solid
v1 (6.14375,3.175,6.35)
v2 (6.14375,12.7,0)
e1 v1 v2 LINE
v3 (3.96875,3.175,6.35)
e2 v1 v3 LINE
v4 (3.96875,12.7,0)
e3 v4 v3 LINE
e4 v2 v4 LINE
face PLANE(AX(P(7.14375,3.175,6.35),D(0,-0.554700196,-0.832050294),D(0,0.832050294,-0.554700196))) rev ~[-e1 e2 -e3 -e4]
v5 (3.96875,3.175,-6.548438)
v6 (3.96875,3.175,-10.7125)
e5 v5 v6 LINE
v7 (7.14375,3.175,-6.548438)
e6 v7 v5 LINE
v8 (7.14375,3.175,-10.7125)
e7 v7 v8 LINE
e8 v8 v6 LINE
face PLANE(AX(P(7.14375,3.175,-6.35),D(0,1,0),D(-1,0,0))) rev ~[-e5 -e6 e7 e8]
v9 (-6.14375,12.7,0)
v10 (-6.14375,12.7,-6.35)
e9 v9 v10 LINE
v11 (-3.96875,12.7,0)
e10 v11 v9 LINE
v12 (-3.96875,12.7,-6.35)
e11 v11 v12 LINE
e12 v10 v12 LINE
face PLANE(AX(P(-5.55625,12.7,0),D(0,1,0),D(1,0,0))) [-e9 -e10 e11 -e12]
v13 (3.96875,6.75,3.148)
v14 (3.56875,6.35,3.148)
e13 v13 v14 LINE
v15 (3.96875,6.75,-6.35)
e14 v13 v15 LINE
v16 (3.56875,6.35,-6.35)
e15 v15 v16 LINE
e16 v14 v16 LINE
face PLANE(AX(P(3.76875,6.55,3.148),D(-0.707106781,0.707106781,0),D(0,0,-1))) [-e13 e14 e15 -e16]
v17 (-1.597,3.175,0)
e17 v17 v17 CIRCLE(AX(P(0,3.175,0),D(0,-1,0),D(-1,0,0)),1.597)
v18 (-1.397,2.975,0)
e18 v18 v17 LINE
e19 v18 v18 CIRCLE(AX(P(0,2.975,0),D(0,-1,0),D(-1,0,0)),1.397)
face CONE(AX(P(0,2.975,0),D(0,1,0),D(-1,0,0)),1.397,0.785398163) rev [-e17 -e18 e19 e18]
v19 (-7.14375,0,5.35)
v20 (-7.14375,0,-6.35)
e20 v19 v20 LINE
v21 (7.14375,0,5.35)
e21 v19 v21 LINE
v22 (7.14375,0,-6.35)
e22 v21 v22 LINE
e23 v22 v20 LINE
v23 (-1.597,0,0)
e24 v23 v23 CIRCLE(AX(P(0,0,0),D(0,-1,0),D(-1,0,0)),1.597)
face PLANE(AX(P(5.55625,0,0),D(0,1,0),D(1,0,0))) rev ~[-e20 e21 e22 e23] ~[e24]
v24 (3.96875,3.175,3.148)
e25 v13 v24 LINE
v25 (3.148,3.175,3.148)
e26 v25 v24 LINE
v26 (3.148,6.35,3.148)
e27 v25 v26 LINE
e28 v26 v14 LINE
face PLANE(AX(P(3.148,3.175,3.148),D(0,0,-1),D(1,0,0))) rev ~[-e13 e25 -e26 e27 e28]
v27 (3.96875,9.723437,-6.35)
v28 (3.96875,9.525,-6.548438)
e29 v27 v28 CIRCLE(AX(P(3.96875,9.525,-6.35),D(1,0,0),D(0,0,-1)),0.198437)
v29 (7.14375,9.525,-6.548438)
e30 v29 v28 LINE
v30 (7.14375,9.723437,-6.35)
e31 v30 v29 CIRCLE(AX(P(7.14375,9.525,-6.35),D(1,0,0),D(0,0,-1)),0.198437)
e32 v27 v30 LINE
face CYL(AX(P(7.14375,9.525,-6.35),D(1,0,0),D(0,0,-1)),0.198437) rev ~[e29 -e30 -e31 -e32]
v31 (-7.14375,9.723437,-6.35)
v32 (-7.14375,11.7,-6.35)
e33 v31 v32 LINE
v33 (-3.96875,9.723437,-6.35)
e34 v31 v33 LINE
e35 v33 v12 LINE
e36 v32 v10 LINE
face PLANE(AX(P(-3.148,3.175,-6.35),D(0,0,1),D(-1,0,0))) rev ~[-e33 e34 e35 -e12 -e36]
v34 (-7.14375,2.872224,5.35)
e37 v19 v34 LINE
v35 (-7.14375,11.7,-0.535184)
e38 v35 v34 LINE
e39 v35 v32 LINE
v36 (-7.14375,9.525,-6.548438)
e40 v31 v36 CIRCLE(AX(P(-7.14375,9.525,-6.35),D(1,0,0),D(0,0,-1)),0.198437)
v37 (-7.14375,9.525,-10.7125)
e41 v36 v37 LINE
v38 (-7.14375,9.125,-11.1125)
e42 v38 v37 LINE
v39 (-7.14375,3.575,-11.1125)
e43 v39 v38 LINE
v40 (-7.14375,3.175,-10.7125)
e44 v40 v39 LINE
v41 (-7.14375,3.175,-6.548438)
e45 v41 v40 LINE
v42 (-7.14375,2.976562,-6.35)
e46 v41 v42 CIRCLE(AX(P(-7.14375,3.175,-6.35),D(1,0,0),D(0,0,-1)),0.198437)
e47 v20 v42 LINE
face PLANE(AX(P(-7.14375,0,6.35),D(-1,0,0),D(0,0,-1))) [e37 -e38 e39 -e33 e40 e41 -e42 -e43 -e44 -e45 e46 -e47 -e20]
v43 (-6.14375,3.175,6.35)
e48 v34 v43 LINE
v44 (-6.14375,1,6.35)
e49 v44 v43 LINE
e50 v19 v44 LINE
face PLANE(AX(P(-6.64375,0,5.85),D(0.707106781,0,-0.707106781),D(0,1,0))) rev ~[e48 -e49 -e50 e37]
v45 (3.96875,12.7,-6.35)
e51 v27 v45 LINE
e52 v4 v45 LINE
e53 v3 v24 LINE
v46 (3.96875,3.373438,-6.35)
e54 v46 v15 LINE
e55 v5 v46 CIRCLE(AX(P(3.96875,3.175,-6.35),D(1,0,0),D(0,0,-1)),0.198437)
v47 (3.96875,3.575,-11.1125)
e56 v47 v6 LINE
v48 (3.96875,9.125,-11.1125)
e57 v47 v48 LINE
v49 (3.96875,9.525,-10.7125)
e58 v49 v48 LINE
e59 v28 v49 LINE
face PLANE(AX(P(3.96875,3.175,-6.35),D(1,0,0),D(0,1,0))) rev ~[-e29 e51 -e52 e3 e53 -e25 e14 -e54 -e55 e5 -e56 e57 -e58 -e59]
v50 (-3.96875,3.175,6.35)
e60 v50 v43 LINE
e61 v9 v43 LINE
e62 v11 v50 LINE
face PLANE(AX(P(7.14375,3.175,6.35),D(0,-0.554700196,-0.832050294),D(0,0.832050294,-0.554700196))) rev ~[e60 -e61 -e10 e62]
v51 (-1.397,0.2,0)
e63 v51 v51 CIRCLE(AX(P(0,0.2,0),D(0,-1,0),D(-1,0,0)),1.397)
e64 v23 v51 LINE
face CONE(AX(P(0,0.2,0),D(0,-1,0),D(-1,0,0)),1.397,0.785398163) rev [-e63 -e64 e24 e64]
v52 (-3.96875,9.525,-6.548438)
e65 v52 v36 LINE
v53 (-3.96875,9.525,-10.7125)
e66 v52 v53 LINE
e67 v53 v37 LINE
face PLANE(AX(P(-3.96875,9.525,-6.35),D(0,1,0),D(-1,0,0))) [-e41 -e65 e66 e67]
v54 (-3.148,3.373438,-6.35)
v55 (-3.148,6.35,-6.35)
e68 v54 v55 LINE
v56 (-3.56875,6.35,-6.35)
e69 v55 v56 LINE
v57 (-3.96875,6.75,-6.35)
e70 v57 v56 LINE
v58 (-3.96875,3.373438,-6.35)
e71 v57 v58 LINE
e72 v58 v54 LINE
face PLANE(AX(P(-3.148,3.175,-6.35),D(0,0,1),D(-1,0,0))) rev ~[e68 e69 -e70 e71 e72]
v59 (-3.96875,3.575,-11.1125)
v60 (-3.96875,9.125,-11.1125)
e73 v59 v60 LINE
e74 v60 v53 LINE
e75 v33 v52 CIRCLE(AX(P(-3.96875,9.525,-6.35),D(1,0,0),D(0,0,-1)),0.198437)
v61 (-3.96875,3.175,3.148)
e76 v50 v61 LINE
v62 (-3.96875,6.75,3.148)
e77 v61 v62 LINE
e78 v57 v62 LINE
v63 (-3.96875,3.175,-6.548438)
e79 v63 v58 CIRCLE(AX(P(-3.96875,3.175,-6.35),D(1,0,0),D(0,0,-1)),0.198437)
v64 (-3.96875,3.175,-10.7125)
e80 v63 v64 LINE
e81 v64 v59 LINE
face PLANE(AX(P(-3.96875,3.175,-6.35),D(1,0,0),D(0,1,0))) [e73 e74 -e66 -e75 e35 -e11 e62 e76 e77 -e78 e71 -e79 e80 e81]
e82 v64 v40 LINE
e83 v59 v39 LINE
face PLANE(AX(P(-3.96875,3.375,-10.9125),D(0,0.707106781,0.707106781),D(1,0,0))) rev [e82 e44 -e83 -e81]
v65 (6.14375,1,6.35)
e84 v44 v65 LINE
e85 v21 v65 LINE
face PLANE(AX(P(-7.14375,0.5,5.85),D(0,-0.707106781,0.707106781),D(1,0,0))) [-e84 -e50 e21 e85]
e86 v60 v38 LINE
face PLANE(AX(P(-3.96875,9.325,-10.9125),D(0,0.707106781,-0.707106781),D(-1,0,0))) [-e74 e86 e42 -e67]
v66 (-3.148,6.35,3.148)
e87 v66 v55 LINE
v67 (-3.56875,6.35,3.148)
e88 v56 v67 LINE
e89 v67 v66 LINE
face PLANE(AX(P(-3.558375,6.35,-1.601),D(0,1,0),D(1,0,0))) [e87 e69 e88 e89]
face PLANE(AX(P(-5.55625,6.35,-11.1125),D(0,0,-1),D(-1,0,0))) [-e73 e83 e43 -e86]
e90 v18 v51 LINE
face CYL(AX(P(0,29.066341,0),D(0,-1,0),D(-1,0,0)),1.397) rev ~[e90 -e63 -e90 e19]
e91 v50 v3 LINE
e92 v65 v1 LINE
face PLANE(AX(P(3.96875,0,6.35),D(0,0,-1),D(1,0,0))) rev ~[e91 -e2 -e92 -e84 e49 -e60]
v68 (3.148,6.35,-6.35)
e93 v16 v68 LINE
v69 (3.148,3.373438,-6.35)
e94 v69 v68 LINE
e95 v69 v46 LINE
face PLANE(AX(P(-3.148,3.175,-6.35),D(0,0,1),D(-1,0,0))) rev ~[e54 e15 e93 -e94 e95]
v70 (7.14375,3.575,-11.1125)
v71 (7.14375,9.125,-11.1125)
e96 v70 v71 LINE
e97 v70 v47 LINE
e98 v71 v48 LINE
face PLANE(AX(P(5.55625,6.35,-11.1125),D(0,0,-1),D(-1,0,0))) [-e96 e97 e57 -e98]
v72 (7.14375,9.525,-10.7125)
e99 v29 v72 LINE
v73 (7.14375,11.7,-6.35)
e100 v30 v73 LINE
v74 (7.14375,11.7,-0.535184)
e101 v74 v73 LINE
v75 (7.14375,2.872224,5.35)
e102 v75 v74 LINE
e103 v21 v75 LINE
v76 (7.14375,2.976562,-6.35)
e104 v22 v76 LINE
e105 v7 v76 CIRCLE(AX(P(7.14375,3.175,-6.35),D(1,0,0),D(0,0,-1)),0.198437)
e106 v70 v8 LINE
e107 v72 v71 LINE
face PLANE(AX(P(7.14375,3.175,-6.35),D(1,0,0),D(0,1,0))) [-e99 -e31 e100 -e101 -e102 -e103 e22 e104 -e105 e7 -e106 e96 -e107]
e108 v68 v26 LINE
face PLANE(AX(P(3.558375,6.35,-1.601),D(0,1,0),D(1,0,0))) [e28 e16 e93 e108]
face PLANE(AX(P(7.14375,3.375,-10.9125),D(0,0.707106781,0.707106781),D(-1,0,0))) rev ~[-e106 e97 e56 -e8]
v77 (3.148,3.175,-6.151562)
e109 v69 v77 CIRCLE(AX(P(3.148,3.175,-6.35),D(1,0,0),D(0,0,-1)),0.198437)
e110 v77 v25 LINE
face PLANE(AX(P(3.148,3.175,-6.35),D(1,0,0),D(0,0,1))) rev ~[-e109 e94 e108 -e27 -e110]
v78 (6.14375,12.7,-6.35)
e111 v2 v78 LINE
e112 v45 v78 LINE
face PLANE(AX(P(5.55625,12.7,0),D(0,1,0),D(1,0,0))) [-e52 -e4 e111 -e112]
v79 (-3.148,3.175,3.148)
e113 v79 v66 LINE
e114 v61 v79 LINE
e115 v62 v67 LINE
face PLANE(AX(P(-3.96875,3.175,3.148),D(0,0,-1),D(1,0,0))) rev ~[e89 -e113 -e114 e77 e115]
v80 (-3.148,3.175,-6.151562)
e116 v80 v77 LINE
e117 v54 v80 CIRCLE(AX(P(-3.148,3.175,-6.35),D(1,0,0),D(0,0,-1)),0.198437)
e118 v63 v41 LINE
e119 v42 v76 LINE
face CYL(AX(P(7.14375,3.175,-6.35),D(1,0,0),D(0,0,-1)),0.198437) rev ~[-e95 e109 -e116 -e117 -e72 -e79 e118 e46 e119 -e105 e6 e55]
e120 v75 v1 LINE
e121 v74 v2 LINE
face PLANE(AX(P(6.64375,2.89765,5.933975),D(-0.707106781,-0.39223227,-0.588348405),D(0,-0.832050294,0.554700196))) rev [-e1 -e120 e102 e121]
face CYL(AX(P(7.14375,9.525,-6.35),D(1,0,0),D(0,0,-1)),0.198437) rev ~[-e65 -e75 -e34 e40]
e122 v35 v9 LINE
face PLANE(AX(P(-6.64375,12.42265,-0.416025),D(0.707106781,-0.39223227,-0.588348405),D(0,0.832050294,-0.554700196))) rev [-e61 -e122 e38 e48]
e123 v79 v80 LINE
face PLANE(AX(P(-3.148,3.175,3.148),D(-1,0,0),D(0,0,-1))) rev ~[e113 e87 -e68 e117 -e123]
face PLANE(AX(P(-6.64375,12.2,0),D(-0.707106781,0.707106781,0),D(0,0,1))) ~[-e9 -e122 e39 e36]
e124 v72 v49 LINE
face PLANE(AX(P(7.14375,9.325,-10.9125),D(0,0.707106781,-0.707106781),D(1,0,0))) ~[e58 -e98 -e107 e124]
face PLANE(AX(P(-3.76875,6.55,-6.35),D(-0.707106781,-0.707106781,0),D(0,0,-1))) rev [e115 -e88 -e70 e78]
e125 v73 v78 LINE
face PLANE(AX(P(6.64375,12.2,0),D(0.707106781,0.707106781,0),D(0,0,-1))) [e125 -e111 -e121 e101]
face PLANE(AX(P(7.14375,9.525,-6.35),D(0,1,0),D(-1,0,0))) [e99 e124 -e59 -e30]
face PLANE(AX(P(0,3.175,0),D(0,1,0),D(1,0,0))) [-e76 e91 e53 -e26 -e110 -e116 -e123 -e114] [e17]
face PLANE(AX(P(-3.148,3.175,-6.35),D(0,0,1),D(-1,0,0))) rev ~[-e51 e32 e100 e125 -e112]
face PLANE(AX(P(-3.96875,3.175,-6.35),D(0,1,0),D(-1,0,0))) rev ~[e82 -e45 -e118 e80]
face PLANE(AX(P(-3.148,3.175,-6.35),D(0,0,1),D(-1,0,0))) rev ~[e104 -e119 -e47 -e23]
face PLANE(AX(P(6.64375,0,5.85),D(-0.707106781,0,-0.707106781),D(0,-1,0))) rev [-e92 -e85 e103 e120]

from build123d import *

# Parameters (mm, degrees)
SKETCH1_W                  = 7.9375
SKETCH1_H                  = 12.7
BOSS_EXTRUDE1_DEPTH        = 3.175
SKETCH1_3_W                = 3.175
SKETCH1_3_H                = 12.7
BOSS_EXTRUDE2_DEPTH        = 12.7
CUT_EXTRUDE2_DEPTH         = 21.143116845
BOSS_EXTRUDE3_DEPTH        = 3.175
SKETCH4_W                  = 3.175
SKETCH4_H                  = 6.35
BOSS_EXTRUDE4_DEPTH        = 4.7625
SKETCH5_R                  = 0.1984375
CUT_EXTRUDE3_DEPTH         = 23.11131639
CHAMFER1_SIZE              = 0.4
CHAMFER2_SIZE              = 1
F_35_0_11_DIAMETER_HOLE1_D = 2.794
CHAMFER3_SIZE              = 0.2


with BuildPart() as part:
    # Sketch1 → Boss-Extrude1 (new body)
    with BuildSketch(Plane(origin=(0, 0, 0), x_dir=(1, 0, 0), z_dir=(0, 1, 0))):
        Rectangle(SKETCH1_W, SKETCH1_H)
    extrude(amount=BOSS_EXTRUDE1_DEPTH)

    # Sketch1<3> → Boss-Extrude2 (add)
    with BuildSketch(Plane(origin=(0, 0, 0), x_dir=(1, 0, 0), z_dir=(0, 1, 0))):
        with Locations((5.55625, 0)):
            Rectangle(SKETCH1_3_W, SKETCH1_3_H)
        with Locations((-5.55625, 0)):
            Rectangle(SKETCH1_3_W, SKETCH1_3_H)
    extrude(amount=BOSS_EXTRUDE2_DEPTH)

    # Sketch2 → Cut-Extrude2 (cut, through all)
    with BuildSketch(Plane(origin=(7.14375, 0, 0), x_dir=(0, 0, -1), z_dir=(1, 0, 0))):
        Polygon((-6.35, 3.175), (0, 12.7), (-6.35, 12.7), align=None)
    extrude(amount=-CUT_EXTRUDE2_DEPTH, mode=Mode.SUBTRACT)

    # Sketch3 → Boss-Extrude3 (add)
    with BuildSketch(Plane(origin=(0, 3.175, 0), x_dir=(1, 0, 0), z_dir=(0, 1, 0))):
        Polygon((-3.148, 3.148), (-3.148, 6.35), (-3.96875, 6.35), (-3.96875, -3.148), (-3.148, -3.148), align=None)
        Polygon((3.148, 3.148), (3.148, -3.148), (3.96875, -3.148), (3.96875, 6.35), (3.148, 6.35), align=None)
    extrude(amount=BOSS_EXTRUDE3_DEPTH)

    # Sketch4 → Boss-Extrude4 (add)
    with BuildSketch(Plane(origin=(0, 0, -6.35), x_dir=(-1, 0, 0), z_dir=(0, 0, -1))):
        with Locations((-5.55625, 6.35)):
            Rectangle(SKETCH4_W, SKETCH4_H)
        with Locations((5.55625, 6.35)):
            Rectangle(SKETCH4_W, SKETCH4_H)
    extrude(amount=BOSS_EXTRUDE4_DEPTH)

    # Sketch5 → Cut-Extrude3 (cut, through all)
    with BuildSketch(Plane(origin=(7.14375, 0, 0), x_dir=(0, 0, -1), z_dir=(1, 0, 0))):
        with Locations((6.35, 9.525)):
            Circle(SKETCH5_R)
        with Locations((6.35, 3.175)):
            Circle(SKETCH5_R)
    extrude(amount=-CUT_EXTRUDE3_DEPTH, mode=Mode.SUBTRACT)

    # Chamfer1
    chamfer1_edges = [part.edges().sort_by_distance(p)[0] for p in [
        (-5.55625, 9.525, -11.1125),
        (-5.55625, 3.175, -11.1125),
        (5.55625, 3.175, -11.1125),
        (5.55625, 9.525, -11.1125),
        (3.96875, 6.35, -1.601),
        (-3.96875, 6.35, -1.601),
    ]]
    chamfer(chamfer1_edges, length=CHAMFER1_SIZE)

    # Chamfer2
    chamfer2_edges = [part.edges().sort_by_distance(p)[0] for p in [
        (-7.14375, 12.7, -3.175),
        (7.14375, 12.7, -3.175),
        (7.14375, 7.9375, 3.175),
        (-7.14375, 7.9375, 3.175),
        (-7.14375, 1.5875, 6.35),
        (7.14375, 1.5875, 6.35),
        (0, 0, 6.35),
    ]]
    chamfer(chamfer2_edges, length=CHAMFER2_SIZE)

    # #35 (0.11) Diameter Hole1 (through all)
    with Locations(Plane(origin=(0, 3.175, 0), x_dir=(1, 0, 0), z_dir=(0, 1, 0))):
        with Locations((0, 0)):
            Hole(F_35_0_11_DIAMETER_HOLE1_D / 2)

    # Chamfer3
    chamfer3_edges = [part.edges().sort_by_distance(p)[0] for p in [
        (1.397, 3.175, 0),
        (1.397, 0, 0),
    ]]
    chamfer(chamfer3_edges, length=CHAMFER3_SIZE)


solid = part.part
